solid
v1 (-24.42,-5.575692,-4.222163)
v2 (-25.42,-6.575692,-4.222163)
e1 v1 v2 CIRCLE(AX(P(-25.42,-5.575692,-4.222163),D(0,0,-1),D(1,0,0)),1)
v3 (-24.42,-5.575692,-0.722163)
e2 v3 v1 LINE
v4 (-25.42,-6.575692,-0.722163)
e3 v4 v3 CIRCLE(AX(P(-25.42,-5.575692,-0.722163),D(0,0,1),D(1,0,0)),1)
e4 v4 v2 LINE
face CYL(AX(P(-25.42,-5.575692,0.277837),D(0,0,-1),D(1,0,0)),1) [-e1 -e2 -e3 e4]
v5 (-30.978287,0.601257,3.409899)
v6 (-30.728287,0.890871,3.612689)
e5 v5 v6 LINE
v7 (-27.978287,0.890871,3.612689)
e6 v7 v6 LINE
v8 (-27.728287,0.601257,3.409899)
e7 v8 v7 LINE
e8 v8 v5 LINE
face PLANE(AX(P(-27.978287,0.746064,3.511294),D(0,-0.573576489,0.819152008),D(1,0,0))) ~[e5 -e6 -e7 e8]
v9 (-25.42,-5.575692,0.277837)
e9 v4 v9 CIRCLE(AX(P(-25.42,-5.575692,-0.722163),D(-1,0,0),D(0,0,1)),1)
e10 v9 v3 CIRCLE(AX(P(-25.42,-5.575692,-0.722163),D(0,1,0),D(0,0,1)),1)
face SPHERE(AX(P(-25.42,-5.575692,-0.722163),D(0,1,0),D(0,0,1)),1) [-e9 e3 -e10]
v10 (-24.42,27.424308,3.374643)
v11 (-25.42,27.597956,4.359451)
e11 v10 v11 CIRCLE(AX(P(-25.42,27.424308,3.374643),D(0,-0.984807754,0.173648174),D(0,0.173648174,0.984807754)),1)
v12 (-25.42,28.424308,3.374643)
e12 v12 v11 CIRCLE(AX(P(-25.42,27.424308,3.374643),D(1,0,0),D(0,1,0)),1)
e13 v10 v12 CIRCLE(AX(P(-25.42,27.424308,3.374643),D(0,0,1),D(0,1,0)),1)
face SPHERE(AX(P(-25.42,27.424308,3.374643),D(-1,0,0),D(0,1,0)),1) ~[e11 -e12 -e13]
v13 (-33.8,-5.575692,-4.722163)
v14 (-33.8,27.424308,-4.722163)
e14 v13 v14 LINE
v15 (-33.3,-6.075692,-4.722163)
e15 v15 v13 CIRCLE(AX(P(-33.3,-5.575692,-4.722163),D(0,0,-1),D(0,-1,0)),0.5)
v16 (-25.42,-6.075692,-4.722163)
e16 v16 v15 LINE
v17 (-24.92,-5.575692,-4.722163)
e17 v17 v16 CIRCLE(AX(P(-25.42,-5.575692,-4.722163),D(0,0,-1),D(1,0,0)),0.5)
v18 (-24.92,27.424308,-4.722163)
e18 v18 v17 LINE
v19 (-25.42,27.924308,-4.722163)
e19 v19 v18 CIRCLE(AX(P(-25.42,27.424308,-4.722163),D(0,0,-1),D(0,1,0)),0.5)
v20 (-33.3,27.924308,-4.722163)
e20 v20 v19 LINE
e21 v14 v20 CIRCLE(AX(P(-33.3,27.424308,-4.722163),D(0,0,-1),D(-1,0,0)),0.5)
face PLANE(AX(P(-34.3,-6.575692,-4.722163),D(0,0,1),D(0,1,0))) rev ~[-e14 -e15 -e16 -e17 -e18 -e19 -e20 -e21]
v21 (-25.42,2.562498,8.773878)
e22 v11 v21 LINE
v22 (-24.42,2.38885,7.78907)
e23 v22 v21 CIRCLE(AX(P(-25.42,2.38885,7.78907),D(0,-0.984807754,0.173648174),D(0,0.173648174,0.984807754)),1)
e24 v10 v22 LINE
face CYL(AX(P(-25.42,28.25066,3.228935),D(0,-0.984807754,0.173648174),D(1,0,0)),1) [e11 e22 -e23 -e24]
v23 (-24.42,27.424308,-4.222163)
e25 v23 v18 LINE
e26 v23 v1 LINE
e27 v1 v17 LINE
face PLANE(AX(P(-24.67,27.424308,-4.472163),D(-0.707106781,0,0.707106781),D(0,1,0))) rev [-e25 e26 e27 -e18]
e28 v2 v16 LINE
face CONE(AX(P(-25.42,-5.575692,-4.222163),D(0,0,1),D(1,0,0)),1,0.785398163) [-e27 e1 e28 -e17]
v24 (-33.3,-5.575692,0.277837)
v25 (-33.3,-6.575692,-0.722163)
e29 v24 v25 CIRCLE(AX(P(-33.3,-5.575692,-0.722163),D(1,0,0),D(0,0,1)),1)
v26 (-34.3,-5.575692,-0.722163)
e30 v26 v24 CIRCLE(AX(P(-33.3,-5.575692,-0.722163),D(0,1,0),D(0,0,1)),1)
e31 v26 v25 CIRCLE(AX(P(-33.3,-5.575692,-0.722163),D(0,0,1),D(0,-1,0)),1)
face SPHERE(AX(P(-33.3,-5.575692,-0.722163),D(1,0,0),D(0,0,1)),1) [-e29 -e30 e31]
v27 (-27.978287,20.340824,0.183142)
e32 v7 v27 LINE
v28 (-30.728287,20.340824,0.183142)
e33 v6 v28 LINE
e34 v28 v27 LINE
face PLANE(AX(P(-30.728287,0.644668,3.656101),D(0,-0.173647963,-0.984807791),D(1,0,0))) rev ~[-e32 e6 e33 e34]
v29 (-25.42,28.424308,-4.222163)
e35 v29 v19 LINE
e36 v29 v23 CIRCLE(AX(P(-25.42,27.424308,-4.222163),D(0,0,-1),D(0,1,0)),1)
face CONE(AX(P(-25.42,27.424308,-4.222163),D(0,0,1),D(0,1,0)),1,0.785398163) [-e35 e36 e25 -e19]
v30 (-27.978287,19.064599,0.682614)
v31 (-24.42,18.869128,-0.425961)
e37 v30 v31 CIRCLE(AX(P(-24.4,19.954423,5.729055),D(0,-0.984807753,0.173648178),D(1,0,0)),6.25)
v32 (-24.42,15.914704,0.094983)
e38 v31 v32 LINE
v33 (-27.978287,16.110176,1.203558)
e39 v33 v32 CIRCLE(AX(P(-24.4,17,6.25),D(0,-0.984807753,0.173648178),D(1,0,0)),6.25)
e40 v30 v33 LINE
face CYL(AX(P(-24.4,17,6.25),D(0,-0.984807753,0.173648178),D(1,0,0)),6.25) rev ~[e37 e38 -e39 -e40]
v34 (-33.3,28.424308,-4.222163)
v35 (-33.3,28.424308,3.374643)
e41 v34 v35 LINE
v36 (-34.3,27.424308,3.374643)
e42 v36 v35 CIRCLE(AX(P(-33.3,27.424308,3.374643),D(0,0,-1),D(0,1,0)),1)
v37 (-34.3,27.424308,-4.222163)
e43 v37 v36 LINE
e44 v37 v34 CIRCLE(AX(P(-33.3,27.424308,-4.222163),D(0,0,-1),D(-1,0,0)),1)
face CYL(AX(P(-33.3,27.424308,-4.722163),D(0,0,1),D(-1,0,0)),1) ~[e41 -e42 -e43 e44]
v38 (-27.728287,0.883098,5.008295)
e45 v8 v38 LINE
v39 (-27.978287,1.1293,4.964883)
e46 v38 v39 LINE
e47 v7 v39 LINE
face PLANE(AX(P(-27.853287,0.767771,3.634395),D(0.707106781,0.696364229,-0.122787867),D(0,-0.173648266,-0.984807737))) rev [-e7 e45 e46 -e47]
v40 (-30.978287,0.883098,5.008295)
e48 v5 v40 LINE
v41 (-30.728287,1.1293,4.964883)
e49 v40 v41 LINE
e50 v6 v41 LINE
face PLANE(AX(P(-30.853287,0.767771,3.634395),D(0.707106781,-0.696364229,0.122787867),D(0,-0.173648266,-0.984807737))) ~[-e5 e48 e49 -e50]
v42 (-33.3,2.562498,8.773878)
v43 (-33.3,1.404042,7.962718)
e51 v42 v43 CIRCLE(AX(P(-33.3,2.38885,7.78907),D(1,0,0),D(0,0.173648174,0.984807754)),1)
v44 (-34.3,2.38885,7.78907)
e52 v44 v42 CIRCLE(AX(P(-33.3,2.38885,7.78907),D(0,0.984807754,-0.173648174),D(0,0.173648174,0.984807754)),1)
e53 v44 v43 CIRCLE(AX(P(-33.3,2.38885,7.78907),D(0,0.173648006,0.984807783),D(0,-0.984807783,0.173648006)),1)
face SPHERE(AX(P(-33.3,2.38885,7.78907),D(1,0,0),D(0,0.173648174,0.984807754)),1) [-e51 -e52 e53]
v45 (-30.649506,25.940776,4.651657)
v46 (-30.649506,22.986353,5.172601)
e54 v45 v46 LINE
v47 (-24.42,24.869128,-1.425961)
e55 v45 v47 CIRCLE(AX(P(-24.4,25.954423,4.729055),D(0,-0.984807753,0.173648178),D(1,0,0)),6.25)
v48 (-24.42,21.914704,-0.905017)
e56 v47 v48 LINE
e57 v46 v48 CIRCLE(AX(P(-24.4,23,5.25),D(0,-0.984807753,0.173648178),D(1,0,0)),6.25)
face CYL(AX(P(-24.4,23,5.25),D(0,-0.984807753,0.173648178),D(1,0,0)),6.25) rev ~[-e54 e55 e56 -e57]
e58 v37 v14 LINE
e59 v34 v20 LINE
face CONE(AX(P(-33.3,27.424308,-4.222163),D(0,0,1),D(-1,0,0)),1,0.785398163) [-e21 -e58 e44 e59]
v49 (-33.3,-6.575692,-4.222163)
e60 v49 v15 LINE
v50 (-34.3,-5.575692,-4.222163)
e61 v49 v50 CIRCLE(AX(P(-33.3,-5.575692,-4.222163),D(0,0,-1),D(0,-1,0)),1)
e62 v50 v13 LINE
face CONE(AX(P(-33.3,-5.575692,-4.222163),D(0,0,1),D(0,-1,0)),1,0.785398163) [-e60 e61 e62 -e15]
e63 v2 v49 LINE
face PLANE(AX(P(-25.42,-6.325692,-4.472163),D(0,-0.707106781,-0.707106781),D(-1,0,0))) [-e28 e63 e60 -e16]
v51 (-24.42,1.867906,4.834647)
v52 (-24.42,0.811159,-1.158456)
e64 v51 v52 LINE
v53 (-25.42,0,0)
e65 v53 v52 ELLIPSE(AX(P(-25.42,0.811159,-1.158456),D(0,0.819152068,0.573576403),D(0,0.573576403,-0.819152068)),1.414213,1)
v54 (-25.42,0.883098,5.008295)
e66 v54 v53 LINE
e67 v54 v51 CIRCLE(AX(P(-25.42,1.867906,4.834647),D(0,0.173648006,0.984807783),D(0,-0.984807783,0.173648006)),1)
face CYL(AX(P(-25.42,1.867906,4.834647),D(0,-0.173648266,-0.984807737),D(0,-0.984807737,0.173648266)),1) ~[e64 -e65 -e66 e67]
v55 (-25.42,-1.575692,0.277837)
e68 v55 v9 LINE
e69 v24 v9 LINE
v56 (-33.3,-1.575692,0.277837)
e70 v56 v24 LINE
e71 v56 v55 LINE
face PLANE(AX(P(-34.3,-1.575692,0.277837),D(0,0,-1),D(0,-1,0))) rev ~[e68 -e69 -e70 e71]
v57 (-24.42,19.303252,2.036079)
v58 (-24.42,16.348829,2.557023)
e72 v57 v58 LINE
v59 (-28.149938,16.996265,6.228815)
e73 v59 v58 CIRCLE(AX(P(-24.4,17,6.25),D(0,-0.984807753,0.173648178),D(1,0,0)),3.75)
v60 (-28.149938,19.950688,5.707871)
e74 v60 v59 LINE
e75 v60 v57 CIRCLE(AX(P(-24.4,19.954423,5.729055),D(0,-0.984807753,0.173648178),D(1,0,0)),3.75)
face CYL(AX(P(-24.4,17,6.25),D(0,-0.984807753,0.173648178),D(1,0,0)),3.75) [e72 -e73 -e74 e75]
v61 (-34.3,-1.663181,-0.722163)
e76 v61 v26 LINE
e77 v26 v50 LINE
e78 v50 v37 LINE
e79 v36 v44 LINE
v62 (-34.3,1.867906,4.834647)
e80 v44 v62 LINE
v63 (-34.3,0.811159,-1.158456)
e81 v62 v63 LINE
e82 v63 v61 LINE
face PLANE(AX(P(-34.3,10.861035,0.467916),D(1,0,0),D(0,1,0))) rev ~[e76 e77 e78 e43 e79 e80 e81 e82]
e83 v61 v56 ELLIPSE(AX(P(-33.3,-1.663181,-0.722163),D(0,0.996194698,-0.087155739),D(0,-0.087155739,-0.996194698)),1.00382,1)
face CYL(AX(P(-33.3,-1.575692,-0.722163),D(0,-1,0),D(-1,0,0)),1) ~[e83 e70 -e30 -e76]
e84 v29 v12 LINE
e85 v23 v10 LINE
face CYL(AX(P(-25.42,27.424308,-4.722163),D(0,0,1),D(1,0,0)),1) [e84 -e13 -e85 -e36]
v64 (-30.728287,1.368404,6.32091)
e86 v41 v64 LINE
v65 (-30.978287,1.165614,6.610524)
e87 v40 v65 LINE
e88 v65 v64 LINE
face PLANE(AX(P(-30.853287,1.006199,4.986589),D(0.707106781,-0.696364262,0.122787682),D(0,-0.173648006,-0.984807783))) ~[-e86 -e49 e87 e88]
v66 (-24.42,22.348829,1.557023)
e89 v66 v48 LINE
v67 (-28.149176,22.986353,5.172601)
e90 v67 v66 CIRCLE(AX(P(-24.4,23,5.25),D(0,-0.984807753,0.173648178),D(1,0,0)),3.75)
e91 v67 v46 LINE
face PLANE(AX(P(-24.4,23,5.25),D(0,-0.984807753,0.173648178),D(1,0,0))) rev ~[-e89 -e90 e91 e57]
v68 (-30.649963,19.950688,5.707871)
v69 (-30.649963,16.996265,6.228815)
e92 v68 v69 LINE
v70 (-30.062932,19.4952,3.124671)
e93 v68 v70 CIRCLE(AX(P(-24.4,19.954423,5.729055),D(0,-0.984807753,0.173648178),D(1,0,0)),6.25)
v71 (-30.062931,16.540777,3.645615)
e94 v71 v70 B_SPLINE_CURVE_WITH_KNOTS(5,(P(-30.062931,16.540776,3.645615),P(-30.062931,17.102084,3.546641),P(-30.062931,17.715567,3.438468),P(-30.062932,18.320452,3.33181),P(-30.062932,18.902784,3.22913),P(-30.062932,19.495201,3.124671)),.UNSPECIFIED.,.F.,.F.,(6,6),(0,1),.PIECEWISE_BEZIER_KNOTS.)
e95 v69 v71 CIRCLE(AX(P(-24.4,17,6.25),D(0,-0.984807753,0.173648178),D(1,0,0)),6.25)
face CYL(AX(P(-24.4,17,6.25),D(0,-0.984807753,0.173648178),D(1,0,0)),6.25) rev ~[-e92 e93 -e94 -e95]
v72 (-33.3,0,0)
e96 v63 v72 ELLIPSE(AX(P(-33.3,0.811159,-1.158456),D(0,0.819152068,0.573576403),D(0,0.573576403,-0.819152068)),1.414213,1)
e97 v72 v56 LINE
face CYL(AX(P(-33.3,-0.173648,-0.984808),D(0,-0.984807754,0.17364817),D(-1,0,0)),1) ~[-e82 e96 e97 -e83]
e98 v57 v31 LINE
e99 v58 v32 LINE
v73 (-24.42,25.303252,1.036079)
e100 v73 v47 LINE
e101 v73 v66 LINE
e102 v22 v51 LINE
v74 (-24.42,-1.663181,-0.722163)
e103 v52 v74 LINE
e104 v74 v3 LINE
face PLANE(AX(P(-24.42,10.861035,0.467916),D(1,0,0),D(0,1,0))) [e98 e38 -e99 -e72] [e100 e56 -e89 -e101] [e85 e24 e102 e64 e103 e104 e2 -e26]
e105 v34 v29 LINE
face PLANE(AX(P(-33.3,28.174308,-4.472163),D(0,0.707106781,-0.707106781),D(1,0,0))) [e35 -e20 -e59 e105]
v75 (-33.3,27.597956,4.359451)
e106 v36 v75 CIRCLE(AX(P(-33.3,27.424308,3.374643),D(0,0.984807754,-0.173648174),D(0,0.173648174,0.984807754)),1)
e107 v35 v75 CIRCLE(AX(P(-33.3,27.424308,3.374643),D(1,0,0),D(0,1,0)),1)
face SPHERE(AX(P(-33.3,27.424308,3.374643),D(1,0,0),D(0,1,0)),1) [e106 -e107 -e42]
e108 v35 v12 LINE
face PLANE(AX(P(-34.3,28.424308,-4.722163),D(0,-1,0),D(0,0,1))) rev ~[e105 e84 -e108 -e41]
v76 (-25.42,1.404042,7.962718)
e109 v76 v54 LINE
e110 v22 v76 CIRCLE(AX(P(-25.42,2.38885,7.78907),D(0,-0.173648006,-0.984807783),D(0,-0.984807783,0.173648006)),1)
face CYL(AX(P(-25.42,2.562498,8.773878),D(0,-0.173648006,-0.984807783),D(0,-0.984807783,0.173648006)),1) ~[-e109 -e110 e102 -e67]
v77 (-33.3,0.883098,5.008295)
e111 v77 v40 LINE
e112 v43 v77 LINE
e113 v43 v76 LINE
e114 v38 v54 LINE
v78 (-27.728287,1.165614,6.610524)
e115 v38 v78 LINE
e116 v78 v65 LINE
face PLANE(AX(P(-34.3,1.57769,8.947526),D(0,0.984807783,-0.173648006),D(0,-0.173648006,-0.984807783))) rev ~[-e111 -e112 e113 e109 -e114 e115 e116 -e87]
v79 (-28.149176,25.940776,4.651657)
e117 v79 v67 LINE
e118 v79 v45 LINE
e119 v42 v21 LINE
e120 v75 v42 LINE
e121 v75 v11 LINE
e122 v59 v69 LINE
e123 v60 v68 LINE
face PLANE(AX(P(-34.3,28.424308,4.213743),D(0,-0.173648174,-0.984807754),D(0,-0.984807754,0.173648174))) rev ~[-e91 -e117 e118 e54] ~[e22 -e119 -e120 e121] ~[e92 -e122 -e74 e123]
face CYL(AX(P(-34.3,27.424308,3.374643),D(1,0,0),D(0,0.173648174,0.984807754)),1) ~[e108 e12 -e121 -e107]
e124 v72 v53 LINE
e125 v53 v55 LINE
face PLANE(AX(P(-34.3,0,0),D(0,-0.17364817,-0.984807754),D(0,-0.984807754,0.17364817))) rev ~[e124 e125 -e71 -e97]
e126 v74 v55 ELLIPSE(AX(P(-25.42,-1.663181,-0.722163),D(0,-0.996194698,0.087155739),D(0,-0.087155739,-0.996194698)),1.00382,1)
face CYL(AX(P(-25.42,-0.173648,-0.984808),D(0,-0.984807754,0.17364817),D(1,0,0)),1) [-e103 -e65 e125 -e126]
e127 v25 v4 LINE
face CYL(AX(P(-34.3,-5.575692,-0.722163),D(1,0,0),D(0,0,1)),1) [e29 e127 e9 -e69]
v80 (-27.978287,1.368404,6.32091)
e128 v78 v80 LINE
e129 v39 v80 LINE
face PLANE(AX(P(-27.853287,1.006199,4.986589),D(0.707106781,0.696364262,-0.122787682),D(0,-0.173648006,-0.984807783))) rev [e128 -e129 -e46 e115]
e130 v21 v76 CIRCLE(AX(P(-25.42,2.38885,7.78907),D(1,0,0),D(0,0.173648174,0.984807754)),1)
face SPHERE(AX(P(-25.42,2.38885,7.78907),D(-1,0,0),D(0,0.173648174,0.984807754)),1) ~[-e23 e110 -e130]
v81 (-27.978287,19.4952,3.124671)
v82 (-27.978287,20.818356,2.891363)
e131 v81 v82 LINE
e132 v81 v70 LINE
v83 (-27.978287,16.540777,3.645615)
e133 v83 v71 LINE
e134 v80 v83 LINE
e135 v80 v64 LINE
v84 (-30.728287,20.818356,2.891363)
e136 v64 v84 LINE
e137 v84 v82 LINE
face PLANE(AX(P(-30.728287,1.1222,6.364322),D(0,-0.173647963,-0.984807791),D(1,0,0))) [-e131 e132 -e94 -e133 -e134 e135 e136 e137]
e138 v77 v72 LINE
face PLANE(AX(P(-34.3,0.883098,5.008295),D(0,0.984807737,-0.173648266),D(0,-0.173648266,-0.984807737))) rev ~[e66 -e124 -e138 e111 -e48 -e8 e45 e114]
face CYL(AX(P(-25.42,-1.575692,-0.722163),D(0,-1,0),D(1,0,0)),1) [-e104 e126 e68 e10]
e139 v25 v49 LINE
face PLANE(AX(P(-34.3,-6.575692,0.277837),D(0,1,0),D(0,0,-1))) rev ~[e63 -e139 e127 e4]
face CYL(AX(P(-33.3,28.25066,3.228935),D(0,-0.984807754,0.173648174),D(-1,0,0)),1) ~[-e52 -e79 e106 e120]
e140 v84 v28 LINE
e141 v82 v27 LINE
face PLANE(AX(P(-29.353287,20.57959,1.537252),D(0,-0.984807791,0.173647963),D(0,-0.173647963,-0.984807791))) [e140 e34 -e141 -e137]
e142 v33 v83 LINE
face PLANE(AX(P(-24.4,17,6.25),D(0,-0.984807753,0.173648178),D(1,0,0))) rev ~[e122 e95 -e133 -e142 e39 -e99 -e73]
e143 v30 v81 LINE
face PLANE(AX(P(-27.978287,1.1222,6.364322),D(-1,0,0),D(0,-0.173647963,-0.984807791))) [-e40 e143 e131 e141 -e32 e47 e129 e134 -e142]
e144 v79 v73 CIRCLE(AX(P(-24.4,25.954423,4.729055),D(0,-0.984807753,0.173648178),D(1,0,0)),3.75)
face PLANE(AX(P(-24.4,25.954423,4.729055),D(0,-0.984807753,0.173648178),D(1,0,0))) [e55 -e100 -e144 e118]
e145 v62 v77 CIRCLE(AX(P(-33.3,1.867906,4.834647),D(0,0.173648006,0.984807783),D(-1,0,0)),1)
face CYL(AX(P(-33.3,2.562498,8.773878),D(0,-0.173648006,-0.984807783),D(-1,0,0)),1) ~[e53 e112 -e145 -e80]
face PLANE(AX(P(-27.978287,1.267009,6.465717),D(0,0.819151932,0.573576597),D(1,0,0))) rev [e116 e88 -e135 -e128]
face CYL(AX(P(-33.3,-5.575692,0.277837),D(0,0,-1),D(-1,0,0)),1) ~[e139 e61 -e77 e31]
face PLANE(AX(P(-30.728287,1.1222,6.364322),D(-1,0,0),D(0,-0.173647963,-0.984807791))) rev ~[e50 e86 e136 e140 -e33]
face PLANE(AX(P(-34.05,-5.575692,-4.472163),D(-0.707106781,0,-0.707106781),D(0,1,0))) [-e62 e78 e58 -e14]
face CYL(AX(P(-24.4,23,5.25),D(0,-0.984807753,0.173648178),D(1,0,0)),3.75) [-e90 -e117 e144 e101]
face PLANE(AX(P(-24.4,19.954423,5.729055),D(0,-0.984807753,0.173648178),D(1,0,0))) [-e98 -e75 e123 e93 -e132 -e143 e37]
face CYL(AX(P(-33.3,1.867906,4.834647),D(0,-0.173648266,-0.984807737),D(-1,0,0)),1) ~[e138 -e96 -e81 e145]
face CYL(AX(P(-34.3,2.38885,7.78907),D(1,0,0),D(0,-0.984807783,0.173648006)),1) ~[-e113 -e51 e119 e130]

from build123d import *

# Parameters (mm, degrees)
SKETCH003_R             = 6.25
SKETCH003_R_2           = 3.75
PAD002_DEPTH            = 3
BODY002_PLACEMENT_ANGLE = 350
PAD_DEPTH               = 9.88
SKETCH001_W             = 2.75
SKETCH001_H             = 2.75
POCKET_DEPTH            = 20
FILLET_R                = 1
CHAMFER_SIZE            = 0.5
CHAMFER001_SIZE         = 0.25


with BuildPart() as ty_rap_cutter1:
    # Sketch003 → Pad002 (new body)
    with BuildSketch(Plane.XZ):
        Circle(SKETCH003_R)
        Circle(SKETCH003_R_2, mode=Mode.SUBTRACT)
    extrude(amount=-PAD002_DEPTH)


with BuildPart() as ty_rap_cutter1_1:
    # Body002 placement: moved
    add(ty_rap_cutter1.part.moved(Location((-24.4, 17, 6.25))).rotate(Axis((-24.4, 17, 6.25), (1, 0, 0)), BODY002_PLACEMENT_ANGLE))


with BuildPart() as ty_rap_cutter2:
    # Body003 base: copy of ty-rap-cutter1
    add(ty_rap_cutter1_1.part)


with BuildPart() as ty_rap_cutter2_1:
    # Body003 placement: moved
    add(ty_rap_cutter2.part.moved(Location((0, 6, -1))))


with BuildPart() as foot_w_cuts:
    # Sketch → Pad (new body)
    with BuildSketch(Plane.YZ):
        Polygon((1.57769, 8.947526), (0.883098, 5.008295), (0, 0), (-1.575692, 0.277837), (-6.575692, 0.277837), (-6.575692, -4.722163), (28.424308, -4.722163), (28.424308, 4.213743), align=None)
    extrude(amount=PAD_DEPTH)

    # Sketch001 (on Face9 of Pad) → Pocket (cut)
    with BuildSketch(Plane(origin=(0, 0, 0), x_dir=(0, -0.173648, -0.984808), z_dir=(0, -0.984808, 0.173648))):
        with Locations((-5.087502, 4.946713)):
            Rectangle(SKETCH001_W, SKETCH001_H)
    extrude(amount=-POCKET_DEPTH, mode=Mode.SUBTRACT)

    # Fillet
    fillet_edges = [foot_w_cuts.edges().sort_by_distance(p)[0] for p in [
        (9.88, -4.075692, 0.277837),
        (4.94, -6.575692, 0.277837),
        (0, -4.075692, 0.277837),
        (4.94, 1.57769, 8.947526),
        (0, 15.000999, 6.580635),
        (9.88, 15.000999, 6.580635),
        (9.88, 0.788845, 4.473763),
        (0, 0.788845, 4.473763),
        (4.94, 28.424308, 4.213743),
        (9.88, 28.424308, -0.25421),
        (9.88, -0.787846, 0.138919),
        (0, -0.787846, 0.138919),
        (9.88, -6.575692, -2.222163),
        (0, -6.575692, -2.222163),
        (0, 28.424308, -0.25421),
    ]]
    fillet(fillet_edges, radius=FILLET_R)

    # Chamfer
    chamfer_edges = [foot_w_cuts.edges().sort_by_distance(p)[0] for p in [
        (0, 10.924308, -4.722163),
    ]]
    chamfer(chamfer_edges, length=CHAMFER_SIZE)

    # Chamfer001
    chamfer001_edges = [foot_w_cuts.edges().sort_by_distance(p)[0] for p in [
        (3.571713, 0.883435, 5.010211),
        (4.946713, 1.122202, 6.364322),
        (6.321713, 0.883435, 5.010211),
        (4.946713, 0.644669, 3.656101),
    ]]
    chamfer(chamfer001_edges, length=CHAMFER001_SIZE)


with BuildPart() as foot_w_cuts_1:
    # Body placement: moved
    add(foot_w_cuts.part.moved(Location((-34.3, 0, 0))))

    # Cut: cut ty-rap-cutter1
    add(ty_rap_cutter1_1.part, mode=Mode.SUBTRACT)

    # Cut001: cut ty-rap-cutter2
    add(ty_rap_cutter2_1.part, mode=Mode.SUBTRACT)


solid = foot_w_cuts_1.part
